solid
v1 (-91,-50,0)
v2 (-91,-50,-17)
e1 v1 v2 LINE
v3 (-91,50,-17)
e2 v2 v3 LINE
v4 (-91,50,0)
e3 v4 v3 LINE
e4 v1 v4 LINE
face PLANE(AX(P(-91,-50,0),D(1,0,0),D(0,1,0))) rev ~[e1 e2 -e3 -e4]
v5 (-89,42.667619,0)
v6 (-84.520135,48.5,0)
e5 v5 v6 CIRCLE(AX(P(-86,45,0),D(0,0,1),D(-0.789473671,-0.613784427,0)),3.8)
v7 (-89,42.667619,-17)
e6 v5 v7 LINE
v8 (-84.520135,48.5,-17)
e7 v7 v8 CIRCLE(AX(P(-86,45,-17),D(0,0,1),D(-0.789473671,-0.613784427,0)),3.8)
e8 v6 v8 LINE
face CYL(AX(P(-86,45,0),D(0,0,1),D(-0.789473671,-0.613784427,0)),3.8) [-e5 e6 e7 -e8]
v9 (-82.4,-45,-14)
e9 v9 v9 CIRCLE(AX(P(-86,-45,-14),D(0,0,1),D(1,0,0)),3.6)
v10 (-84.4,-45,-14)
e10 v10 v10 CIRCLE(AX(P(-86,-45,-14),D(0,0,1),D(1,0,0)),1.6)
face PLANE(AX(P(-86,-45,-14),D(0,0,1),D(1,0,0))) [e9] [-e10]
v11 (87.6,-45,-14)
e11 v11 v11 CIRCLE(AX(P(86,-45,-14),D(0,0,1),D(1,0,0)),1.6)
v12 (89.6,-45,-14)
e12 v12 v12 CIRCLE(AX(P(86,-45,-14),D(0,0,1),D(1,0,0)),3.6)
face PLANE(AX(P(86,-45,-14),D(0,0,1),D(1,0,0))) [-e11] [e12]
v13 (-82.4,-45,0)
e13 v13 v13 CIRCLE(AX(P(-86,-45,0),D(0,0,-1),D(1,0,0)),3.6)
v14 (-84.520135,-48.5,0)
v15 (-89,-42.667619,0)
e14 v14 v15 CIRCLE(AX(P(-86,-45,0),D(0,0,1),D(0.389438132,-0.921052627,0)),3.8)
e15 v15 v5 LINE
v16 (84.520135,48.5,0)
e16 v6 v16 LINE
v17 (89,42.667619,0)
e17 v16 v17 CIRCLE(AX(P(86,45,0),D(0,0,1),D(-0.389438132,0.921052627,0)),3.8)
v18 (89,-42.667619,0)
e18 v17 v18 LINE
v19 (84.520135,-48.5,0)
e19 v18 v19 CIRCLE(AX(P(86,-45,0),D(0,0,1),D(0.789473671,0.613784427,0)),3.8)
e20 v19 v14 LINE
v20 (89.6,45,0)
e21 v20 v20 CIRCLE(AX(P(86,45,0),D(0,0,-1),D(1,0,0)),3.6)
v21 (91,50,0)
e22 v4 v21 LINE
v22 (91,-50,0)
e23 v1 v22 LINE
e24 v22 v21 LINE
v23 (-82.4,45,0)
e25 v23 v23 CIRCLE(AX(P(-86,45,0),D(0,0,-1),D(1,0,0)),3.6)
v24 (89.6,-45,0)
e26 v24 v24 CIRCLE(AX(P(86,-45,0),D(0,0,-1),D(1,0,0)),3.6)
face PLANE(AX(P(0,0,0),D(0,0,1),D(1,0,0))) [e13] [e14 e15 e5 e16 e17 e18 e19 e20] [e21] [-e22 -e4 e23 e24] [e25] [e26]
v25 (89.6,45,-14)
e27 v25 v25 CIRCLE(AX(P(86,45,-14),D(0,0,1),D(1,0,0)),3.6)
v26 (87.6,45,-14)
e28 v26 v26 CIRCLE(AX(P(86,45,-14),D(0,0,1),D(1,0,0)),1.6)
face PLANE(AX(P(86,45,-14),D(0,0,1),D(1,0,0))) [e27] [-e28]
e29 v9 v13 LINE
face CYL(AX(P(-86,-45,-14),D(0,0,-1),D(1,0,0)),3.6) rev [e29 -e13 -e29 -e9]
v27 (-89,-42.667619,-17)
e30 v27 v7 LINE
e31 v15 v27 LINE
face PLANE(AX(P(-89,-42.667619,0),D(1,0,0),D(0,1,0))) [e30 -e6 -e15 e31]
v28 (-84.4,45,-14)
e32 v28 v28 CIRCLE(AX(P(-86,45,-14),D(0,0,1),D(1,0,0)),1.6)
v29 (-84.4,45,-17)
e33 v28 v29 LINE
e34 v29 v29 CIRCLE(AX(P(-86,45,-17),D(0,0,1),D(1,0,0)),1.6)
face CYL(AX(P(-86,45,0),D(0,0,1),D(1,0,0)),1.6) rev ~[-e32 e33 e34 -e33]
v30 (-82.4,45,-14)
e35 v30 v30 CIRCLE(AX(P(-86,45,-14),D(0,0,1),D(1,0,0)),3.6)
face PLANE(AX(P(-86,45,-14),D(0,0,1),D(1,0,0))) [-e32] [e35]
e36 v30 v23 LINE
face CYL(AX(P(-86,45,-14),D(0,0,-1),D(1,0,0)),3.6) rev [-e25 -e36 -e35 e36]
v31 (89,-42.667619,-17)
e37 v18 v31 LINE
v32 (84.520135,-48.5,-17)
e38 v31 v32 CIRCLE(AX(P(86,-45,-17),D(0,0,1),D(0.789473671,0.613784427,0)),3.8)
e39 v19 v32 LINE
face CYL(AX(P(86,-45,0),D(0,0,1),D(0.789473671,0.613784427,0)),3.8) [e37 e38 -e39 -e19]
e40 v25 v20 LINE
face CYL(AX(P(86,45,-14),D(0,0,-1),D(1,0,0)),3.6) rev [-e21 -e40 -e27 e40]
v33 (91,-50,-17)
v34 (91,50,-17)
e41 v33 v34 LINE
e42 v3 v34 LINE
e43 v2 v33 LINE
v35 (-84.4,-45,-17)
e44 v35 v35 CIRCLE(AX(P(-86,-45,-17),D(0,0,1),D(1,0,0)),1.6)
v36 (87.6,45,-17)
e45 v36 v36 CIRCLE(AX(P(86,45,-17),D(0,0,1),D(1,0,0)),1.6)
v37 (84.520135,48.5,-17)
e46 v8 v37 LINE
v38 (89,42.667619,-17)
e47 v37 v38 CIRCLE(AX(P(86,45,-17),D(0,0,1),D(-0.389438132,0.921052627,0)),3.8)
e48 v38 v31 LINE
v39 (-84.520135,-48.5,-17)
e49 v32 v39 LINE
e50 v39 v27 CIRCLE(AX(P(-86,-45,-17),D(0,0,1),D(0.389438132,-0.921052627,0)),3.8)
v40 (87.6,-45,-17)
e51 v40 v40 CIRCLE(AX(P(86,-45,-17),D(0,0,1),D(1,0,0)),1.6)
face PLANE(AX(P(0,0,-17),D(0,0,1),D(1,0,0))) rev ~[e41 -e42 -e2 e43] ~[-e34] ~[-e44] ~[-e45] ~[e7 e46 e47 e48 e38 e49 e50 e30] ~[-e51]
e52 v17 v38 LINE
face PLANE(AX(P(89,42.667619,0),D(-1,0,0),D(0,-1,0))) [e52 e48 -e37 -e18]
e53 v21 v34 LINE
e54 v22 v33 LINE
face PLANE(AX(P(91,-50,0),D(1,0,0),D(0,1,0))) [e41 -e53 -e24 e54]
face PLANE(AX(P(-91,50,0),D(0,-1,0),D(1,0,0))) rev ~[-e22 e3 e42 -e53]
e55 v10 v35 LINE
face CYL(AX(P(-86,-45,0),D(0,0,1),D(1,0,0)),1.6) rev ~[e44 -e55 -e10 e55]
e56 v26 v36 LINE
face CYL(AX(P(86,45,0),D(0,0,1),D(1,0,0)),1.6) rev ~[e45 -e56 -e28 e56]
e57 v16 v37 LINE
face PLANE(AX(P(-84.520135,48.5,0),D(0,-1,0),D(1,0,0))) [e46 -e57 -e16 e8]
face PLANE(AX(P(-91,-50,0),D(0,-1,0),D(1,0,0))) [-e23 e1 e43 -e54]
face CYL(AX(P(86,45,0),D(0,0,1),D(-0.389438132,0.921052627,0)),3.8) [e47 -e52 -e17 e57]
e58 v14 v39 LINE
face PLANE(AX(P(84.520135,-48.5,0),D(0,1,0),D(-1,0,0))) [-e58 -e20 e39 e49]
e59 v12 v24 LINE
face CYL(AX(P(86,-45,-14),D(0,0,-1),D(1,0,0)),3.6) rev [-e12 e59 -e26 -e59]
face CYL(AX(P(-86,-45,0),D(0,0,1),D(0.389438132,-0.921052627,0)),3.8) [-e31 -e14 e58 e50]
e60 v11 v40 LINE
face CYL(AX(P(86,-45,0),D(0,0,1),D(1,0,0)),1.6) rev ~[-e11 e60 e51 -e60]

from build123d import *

# Parameters (mm, degrees)
CYLINDER003_R     = 3.6
CYLINDER003_DEPTH = 18
CYLINDER002_R     = 3.6
CYLINDER002_DEPTH = 18
CYLINDER001_R     = 3.6
CYLINDER001_DEPTH = 18
CYLINDER_R        = 3.6
CYLINDER_DEPTH    = 18
SKETCH_W          = 182
SKETCH_H          = 100
SKETCH_R          = 1.6
EXTRUDE001_DEPTH  = 17


with BuildPart() as zylinder003:
    # Cylinder003 → Cylinder003 (new body)
    with BuildSketch(Plane(origin=(86, -45, -14), x_dir=(1, 0, 0), z_dir=(0, 0, 1))):
        Circle(CYLINDER003_R)
    extrude(amount=CYLINDER003_DEPTH)


with BuildPart() as zylinder002:
    # Cylinder002 → Cylinder002 (new body)
    with BuildSketch(Plane(origin=(86, 45, -14), x_dir=(1, 0, 0), z_dir=(0, 0, 1))):
        Circle(CYLINDER002_R)
    extrude(amount=CYLINDER002_DEPTH)


with BuildPart() as zylinder001:
    # Cylinder001 → Cylinder001 (new body)
    with BuildSketch(Plane(origin=(-86, 45, -14), x_dir=(1, 0, 0), z_dir=(0, 0, 1))):
        Circle(CYLINDER001_R)
    extrude(amount=CYLINDER001_DEPTH)


with BuildPart() as fusion:
    # Cylinder → Cylinder (new body)
    with BuildSketch(Plane(origin=(-86, -45, -14), x_dir=(1, 0, 0), z_dir=(0, 0, 1))):
        Circle(CYLINDER_R)
    extrude(amount=CYLINDER_DEPTH)

    # Fusion: union Zylinder003, Zylinder002, Zylinder001
    add(zylinder003.part)
    add(zylinder002.part)
    add(zylinder001.part)


with BuildPart() as cut_aussen:
    # Sketch → Extrude001 (new body)
    with BuildSketch(Plane.XY):
        Rectangle(SKETCH_W, SKETCH_H)
        with Locations((-86, 45)):
            Circle(SKETCH_R, mode=Mode.SUBTRACT)
        with Locations((86, 45)):
            Circle(SKETCH_R, mode=Mode.SUBTRACT)
        with Locations((86, -45)):
            Circle(SKETCH_R, mode=Mode.SUBTRACT)
        with Locations((-86, -45)):
            Circle(SKETCH_R, mode=Mode.SUBTRACT)
        with BuildLine():
            Line((-84.520135, 48.5), (84.520135, 48.5))
            ThreePointArc((84.520135, 48.5), (82.986386, 42.685236), (89, 42.667619))
            Line((89, 42.667619), (89, -42.667619))
            ThreePointArc((89, -42.667619), (82.986386, -42.685236), (84.520135, -48.5))
            Line((84.520135, -48.5), (-84.520135, -48.5))
            ThreePointArc((-84.520135, -48.5), (-82.986386, -42.685236), (-89, -42.667619))
            Line((-89, -42.667619), (-89, 42.667619))
            ThreePointArc((-89, 42.667619), (-82.986386, 42.685236), (-84.520135, 48.5))
        make_face(mode=Mode.SUBTRACT)
    extrude(amount=-EXTRUDE001_DEPTH)

    # Cut006: cut Fusion
    add(fusion.part, mode=Mode.SUBTRACT)


solid = cut_aussen.part
